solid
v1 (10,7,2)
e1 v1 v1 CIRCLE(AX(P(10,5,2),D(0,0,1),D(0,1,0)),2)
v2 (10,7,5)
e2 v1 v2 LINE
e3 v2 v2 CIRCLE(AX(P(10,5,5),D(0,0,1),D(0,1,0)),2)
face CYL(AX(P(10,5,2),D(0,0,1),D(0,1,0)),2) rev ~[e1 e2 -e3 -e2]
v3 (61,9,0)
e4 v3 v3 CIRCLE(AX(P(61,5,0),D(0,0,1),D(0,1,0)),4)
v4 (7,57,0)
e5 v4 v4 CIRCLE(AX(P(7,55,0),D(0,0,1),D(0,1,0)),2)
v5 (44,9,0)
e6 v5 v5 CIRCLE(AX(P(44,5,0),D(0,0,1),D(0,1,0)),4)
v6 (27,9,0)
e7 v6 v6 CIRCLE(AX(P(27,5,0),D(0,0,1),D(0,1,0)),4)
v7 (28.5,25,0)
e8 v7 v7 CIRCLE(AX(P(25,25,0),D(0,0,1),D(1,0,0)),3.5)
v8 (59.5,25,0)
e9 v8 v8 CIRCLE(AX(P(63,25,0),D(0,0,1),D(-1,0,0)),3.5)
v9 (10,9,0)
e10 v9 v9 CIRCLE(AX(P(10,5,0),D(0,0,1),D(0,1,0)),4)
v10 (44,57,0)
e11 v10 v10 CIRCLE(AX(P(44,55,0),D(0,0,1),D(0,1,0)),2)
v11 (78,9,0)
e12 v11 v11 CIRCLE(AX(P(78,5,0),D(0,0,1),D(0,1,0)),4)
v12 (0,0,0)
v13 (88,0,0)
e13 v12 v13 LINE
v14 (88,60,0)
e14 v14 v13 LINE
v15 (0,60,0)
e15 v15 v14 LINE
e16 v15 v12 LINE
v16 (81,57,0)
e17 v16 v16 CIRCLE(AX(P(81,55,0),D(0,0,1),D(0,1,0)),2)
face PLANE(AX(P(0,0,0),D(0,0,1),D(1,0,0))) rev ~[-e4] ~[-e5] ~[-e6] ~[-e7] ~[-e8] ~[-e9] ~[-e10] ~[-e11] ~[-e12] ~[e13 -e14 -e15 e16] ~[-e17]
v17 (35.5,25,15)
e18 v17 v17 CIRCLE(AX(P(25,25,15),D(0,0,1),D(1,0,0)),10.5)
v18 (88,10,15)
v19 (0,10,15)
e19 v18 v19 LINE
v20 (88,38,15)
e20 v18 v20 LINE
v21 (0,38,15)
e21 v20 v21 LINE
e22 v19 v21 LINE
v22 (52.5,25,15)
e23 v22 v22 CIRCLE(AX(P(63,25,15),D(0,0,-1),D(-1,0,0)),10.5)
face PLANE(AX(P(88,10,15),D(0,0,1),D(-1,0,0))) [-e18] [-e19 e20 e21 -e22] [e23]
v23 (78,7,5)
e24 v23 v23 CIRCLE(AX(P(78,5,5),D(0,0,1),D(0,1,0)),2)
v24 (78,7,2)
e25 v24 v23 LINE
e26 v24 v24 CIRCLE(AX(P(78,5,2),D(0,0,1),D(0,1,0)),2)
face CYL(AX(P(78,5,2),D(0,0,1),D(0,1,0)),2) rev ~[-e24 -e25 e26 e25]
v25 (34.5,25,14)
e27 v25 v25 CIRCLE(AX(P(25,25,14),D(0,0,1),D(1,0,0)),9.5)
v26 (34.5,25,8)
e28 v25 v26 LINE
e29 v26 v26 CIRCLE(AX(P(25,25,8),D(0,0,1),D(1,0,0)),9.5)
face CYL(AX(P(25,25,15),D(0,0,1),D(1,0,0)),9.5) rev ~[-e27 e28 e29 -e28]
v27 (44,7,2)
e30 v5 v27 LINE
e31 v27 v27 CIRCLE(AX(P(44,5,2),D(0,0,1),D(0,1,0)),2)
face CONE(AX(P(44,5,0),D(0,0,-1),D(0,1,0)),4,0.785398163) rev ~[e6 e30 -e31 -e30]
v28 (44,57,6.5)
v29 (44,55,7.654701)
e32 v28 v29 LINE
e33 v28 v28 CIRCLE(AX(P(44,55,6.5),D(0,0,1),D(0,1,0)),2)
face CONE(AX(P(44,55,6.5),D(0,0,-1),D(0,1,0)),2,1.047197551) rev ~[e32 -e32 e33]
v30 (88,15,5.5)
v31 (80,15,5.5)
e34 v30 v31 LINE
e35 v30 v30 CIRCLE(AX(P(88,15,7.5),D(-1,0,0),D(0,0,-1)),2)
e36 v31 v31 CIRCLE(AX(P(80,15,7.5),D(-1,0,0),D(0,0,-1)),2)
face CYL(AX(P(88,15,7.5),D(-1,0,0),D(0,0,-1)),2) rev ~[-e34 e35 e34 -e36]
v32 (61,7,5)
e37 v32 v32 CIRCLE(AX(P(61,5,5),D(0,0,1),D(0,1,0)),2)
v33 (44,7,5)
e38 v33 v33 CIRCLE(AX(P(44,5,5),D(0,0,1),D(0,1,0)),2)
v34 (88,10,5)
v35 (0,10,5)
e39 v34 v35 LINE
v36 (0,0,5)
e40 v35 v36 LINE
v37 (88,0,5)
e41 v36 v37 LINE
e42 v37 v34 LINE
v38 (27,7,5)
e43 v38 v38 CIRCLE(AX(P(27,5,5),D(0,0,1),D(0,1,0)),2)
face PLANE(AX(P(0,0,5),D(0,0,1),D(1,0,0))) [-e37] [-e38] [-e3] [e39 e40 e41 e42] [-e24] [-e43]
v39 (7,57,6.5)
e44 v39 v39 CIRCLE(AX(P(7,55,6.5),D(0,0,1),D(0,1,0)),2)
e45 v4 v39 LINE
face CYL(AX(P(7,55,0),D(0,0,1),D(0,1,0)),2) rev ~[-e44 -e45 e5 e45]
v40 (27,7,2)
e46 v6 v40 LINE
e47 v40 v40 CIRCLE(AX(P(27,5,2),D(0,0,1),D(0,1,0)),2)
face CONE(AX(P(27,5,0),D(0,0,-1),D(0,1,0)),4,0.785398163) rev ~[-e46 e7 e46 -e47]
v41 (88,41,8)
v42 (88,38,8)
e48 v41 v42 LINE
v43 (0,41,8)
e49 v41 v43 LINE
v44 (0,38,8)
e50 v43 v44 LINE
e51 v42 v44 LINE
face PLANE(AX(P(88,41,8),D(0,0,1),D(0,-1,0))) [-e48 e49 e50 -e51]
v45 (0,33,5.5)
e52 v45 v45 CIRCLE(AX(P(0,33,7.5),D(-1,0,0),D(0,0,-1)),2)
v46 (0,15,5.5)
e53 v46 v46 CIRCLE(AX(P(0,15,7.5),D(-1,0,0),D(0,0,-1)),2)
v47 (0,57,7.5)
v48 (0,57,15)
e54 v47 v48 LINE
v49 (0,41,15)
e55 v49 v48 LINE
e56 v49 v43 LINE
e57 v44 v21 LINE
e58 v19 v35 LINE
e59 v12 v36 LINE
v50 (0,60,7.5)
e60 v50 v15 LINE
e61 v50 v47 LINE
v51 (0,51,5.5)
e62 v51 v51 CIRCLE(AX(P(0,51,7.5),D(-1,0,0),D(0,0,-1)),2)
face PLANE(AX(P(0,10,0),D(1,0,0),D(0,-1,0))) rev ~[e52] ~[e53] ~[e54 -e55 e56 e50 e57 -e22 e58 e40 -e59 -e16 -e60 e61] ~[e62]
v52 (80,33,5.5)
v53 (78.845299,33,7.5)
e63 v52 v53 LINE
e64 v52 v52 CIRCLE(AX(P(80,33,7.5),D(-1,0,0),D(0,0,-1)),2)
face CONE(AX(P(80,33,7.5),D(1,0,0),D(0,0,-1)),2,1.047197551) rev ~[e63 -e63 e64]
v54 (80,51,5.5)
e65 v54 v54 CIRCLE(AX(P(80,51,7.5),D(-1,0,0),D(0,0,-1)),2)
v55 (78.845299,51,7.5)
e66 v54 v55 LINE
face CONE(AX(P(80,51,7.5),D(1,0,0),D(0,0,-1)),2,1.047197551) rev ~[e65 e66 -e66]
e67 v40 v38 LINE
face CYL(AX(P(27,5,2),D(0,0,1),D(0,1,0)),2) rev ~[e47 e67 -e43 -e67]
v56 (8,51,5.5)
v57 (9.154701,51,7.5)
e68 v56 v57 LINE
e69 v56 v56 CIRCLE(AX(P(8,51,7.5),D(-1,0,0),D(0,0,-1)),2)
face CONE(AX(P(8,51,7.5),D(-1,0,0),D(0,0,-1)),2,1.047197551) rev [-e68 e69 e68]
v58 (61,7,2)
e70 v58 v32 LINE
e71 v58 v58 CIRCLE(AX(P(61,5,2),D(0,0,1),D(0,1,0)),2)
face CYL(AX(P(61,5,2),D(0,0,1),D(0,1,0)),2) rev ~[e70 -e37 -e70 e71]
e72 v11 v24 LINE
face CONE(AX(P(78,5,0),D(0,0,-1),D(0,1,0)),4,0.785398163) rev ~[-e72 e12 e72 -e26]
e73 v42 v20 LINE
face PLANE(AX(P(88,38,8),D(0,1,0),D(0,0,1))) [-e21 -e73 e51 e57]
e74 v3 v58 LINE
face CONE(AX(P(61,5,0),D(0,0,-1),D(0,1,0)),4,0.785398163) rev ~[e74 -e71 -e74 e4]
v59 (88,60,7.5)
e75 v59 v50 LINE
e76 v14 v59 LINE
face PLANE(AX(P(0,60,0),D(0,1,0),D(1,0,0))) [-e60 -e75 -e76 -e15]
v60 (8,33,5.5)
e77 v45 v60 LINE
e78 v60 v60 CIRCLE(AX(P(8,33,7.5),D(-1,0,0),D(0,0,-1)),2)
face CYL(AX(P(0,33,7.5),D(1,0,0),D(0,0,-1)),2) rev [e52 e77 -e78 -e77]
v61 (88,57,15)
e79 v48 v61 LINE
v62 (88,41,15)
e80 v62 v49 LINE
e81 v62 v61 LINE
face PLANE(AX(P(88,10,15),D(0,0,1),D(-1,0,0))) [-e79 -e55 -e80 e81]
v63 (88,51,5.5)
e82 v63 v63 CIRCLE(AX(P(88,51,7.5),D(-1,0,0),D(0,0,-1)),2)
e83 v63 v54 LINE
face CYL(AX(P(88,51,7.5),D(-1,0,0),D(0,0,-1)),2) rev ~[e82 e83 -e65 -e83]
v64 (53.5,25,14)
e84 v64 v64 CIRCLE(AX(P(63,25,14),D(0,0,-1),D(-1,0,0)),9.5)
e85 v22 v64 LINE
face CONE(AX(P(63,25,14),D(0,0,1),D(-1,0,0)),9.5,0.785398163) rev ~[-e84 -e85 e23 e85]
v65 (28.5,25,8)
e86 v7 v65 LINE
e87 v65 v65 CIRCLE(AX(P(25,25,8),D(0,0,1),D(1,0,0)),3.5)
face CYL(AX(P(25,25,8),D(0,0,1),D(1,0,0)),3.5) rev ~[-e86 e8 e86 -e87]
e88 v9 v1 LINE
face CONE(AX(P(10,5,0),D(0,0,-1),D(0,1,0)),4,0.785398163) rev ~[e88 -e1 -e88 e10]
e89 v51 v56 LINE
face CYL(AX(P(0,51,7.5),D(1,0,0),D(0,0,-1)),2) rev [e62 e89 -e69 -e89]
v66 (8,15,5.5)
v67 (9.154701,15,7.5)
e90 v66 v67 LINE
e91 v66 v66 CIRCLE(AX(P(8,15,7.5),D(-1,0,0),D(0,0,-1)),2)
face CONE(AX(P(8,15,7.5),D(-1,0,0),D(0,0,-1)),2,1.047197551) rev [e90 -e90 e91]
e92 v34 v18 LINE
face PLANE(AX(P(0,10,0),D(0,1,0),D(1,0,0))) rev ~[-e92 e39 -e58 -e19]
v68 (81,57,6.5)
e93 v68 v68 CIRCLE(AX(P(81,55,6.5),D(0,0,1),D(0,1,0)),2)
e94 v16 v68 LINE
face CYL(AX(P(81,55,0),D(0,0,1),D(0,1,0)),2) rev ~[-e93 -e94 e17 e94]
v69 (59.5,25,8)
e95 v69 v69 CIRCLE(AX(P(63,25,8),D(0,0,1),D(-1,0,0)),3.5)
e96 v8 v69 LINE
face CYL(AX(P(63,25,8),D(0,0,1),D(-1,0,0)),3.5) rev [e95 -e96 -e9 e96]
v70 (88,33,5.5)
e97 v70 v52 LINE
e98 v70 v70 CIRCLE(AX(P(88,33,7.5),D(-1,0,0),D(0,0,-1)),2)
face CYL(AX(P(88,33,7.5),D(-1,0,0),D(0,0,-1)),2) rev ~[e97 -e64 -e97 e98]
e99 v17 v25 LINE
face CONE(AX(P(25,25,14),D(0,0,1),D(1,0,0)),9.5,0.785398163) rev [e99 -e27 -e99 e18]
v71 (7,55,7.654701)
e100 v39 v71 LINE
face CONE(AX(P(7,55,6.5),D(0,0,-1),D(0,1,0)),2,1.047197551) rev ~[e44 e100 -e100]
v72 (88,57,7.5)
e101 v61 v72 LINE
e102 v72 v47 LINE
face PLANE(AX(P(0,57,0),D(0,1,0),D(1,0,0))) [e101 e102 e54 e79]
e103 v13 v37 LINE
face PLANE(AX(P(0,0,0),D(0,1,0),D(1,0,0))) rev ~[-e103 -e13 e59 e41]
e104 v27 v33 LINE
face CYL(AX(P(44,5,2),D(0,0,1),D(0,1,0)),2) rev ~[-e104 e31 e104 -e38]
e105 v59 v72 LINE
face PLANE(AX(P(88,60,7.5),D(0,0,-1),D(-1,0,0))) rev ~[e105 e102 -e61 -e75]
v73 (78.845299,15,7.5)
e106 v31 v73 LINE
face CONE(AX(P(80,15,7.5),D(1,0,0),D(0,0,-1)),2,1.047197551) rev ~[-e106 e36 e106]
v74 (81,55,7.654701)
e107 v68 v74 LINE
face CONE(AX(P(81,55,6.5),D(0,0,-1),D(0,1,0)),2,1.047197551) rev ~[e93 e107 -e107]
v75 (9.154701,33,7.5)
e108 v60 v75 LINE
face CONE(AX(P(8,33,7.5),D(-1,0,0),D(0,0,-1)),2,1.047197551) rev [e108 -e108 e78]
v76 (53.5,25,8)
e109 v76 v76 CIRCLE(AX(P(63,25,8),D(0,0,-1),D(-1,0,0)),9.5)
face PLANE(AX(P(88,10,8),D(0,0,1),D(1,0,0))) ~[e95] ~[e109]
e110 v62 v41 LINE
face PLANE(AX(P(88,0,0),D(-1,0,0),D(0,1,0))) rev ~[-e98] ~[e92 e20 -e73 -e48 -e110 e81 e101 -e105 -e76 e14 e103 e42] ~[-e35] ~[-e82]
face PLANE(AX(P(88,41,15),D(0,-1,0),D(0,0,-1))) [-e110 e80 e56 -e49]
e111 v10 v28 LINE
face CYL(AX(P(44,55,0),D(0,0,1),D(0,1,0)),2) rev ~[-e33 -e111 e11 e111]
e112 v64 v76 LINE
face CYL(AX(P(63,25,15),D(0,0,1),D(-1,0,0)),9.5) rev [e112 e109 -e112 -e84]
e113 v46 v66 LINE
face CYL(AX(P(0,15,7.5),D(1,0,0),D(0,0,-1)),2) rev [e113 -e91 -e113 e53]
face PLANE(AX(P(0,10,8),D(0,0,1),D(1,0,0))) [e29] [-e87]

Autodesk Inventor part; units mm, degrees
ref_plane "YZ Plane" through (0, 0, 0) normal (1, 0, 0) x (0, 1, 0)
ref_plane "XZ Plane" through (0, 0, 0) normal (0, 1, 0) x (-1, 0, 0)
sketch "Sketch1" plane through (0, 0, 0) normal (0, 0, 1) x (1, 0, 0)
  line L0 (0, 0) -> (88, 0)
  line L1 (88, 0) -> (88, 10)
  line L2 (88, 10) -> (0, 10)
  line L3 (0, 10) -> (0, 0)
  dimension "d0" = 88
  dimension "d1" = 10
extrude "Extrusion1" add sketch "Sketch1" along normal blind 5
sketch "Sketch2" plane through (0, 10, 0) normal (0, 1, 0) x (1, 0, 0)
  line L0 (0, 0) -> (88, 0)
  line L1 (88, 0) -> (88, -15)
  line L2 (88, -15) -> (0, -15)
  line L3 (0, -15) -> (0, 0)
  dimension "d4" = 88
  dimension "d5" = 15
extrude "Extrusion2" add sketch "Sketch2" along normal blind 50
sketch "Sketch4" plane through (0, 0, 0) normal (0, 0, -1) x (-1, 0, 0)
  line L0 (0, 0) -> (-88, 0) projected
  line L1 (-88, 0) -> (-88, 10) projected
  line L2 (-88, 10) -> (0, 10) projected
  line L3 (0, 10) -> (0, 0) projected
  point P0 (-78, 5)
  dimension "d10" = 10
  dimension "d11" = 5
hole "Hole1" at (78, 5, 0) direction (0, 0, 1) diameter 4 depth 10 tip angle 120 countersink diameter 8 countersink angle 90
pattern_linear "Rectangular Pattern1" count 5 spacing 17 along (-1, 0, 0) of "Hole1"
sketch "Sketch5" plane through (88, 0, 5) normal (1, 0, 0) x (0, 0, -1)
  line L0 (0, 10) -> (-10, 10) projected
  line L1 (-10, 10) -> (-10, 60) projected
  point P0 (5, 0)
  point P1 (-2.5, 15)
  dimension "d22" = 5
  dimension "d23" = 7.5
hole "Hole2" at (88, 15, 7.5) direction (-1, 0, 0) diameter 4 depth 8 tip angle 120
thread "Thread1" size "M4x0.7" class "6H" standard "ANSI Metric M Profile" full length
pattern_linear "Rectangular Pattern2" count 3 spacing 18 along (0, 1, 0) of "Hole2"
ref_plane "Work Plane1" through (44, 60, 0) normal (1, 0, 0) x (0, 0, -1)
mirror "Mirror1" about plane through (44, 60, 0) normal (1, 0, 0) of "Hole2", "Rectangular Pattern2"
sketch "Sketch6" plane through (0, 10, 15) normal (0, 0, 1) x (1, 0, 0)
  circle A0 centre (25, 15) radius 9.5
  line L0 (0, 50) -> (88, 50) projected
  line L1 (0, -10) -> (88, -10) projected
  point P0 (44, 50)
  dimension "d36" = 19
  dimension "d47" = 19
  dimension "d48" = 25
extrude "Extrusion3" cut sketch "Sketch6" against normal blind 7
sketch "Sketch7" plane through (25, 25, 8) normal (0, 0, 1) x (1, 0, 0)
  circle A0 centre (0, 0) radius 9.5 projected
  circle A1 centre (0, 0) radius 3.5
  point P0 (-25, -25)
  dimension "d39" = 7
extrude "Extrusion4" cut sketch "Sketch7" against normal blind 58.5 and the other way blind 29.25 contours A1
chamfer "Chamfer1" distance 1 angle 45 1 edges at (15.5, 25, 15)
mirror "Mirror2" about plane through (44, 60, 0) normal (1, 0, 0) of "Extrusion4", "Extrusion3", "Chamfer1"
sketch "Sketch8" plane through (0, 60, 0) normal (0, 1, 0) x (1, 0, 0)
  line L0 (88, 0) -> (0, 0) projected
  line L1 (0, 0) -> (0, -15) projected
  line L2 (0, -15) -> (88, -15) projected
  line L3 (88, -15) -> (88, 0) projected
  line L4 (0, -15) -> (88, -15)
  line L5 (88, -15) -> (88, -7.5)
  line L6 (88, -7.5) -> (0, -7.5)
  line L7 (0, -7.5) -> (0, -15)
extrude "Extrusion5" cut sketch "Sketch8" against normal blind 3 contours L3 L2 L1 L6
sketch "Sketch9" plane through (0, 0, 0) normal (0, 0, -1) x (-1, 0, 0)
  circle A0 centre (-81, 55) radius 2 projected
  circle A1 centre (-44, 55) radius 2 projected
  circle A2 centre (-7, 55) radius 2 projected
  point P0 (0, 0)
hole "Hole3" at (81, 55, 0) at (44, 55, 0) at (7, 55, 0) direction (0, 0, 1) diameter 4 depth 6.5 tip angle 120
sketch "Sketch10" plane through (88, 0, 5) normal (1, 0, 0) x (0, 0, -1)
  line L0 (-2.5, 60) -> (-2.5, 57) projected
  line L1 (-2.5, 57) -> (-10, 57) projected
  line L2 (-10, 10) -> (-10, 57) projected
  line L3 (0, 10) -> (-10, 10) projected
  line L4 (0, 0) -> (0, 10) projected
  line L5 (5, 0) -> (0, 0) projected
  line L6 (5, 0) -> (5, 60) projected
  line L7 (-2.5, 60) -> (5, 60) projected
  circle A0 centre (-2.5, 15) radius 2 projected
  circle A1 centre (-2.5, 33) radius 2 projected
  circle A2 centre (-2.5, 51) radius 2 projected
  line L8 (-10, 41) -> (-3, 41)
  line L9 (-3, 41) -> (-3, 38)
  line L10 (-3, 38) -> (-10, 38)
  line L11 (-10, 38) -> (-10, 41)
  dimension "d58" = 7
  dimension "d59" = 3
  dimension "d60" = 28
extrude "Extrusion6" cut sketch "Sketch10" against normal blind 114.5 contours L8 L9 L10 L2
equation "\"d10\" = hole_l_offset"
equation "\"d11\" = hole_h_offset"
equation "\"d21\" = hole_step"
equation "\"hole_l_offset\" = 10"
equation "\"hole_step\" = 17"
equation "\"hole_h_offset\" = 5"
properties part number "КВ33.000.102 - Стенка толстая" material "Steel"
